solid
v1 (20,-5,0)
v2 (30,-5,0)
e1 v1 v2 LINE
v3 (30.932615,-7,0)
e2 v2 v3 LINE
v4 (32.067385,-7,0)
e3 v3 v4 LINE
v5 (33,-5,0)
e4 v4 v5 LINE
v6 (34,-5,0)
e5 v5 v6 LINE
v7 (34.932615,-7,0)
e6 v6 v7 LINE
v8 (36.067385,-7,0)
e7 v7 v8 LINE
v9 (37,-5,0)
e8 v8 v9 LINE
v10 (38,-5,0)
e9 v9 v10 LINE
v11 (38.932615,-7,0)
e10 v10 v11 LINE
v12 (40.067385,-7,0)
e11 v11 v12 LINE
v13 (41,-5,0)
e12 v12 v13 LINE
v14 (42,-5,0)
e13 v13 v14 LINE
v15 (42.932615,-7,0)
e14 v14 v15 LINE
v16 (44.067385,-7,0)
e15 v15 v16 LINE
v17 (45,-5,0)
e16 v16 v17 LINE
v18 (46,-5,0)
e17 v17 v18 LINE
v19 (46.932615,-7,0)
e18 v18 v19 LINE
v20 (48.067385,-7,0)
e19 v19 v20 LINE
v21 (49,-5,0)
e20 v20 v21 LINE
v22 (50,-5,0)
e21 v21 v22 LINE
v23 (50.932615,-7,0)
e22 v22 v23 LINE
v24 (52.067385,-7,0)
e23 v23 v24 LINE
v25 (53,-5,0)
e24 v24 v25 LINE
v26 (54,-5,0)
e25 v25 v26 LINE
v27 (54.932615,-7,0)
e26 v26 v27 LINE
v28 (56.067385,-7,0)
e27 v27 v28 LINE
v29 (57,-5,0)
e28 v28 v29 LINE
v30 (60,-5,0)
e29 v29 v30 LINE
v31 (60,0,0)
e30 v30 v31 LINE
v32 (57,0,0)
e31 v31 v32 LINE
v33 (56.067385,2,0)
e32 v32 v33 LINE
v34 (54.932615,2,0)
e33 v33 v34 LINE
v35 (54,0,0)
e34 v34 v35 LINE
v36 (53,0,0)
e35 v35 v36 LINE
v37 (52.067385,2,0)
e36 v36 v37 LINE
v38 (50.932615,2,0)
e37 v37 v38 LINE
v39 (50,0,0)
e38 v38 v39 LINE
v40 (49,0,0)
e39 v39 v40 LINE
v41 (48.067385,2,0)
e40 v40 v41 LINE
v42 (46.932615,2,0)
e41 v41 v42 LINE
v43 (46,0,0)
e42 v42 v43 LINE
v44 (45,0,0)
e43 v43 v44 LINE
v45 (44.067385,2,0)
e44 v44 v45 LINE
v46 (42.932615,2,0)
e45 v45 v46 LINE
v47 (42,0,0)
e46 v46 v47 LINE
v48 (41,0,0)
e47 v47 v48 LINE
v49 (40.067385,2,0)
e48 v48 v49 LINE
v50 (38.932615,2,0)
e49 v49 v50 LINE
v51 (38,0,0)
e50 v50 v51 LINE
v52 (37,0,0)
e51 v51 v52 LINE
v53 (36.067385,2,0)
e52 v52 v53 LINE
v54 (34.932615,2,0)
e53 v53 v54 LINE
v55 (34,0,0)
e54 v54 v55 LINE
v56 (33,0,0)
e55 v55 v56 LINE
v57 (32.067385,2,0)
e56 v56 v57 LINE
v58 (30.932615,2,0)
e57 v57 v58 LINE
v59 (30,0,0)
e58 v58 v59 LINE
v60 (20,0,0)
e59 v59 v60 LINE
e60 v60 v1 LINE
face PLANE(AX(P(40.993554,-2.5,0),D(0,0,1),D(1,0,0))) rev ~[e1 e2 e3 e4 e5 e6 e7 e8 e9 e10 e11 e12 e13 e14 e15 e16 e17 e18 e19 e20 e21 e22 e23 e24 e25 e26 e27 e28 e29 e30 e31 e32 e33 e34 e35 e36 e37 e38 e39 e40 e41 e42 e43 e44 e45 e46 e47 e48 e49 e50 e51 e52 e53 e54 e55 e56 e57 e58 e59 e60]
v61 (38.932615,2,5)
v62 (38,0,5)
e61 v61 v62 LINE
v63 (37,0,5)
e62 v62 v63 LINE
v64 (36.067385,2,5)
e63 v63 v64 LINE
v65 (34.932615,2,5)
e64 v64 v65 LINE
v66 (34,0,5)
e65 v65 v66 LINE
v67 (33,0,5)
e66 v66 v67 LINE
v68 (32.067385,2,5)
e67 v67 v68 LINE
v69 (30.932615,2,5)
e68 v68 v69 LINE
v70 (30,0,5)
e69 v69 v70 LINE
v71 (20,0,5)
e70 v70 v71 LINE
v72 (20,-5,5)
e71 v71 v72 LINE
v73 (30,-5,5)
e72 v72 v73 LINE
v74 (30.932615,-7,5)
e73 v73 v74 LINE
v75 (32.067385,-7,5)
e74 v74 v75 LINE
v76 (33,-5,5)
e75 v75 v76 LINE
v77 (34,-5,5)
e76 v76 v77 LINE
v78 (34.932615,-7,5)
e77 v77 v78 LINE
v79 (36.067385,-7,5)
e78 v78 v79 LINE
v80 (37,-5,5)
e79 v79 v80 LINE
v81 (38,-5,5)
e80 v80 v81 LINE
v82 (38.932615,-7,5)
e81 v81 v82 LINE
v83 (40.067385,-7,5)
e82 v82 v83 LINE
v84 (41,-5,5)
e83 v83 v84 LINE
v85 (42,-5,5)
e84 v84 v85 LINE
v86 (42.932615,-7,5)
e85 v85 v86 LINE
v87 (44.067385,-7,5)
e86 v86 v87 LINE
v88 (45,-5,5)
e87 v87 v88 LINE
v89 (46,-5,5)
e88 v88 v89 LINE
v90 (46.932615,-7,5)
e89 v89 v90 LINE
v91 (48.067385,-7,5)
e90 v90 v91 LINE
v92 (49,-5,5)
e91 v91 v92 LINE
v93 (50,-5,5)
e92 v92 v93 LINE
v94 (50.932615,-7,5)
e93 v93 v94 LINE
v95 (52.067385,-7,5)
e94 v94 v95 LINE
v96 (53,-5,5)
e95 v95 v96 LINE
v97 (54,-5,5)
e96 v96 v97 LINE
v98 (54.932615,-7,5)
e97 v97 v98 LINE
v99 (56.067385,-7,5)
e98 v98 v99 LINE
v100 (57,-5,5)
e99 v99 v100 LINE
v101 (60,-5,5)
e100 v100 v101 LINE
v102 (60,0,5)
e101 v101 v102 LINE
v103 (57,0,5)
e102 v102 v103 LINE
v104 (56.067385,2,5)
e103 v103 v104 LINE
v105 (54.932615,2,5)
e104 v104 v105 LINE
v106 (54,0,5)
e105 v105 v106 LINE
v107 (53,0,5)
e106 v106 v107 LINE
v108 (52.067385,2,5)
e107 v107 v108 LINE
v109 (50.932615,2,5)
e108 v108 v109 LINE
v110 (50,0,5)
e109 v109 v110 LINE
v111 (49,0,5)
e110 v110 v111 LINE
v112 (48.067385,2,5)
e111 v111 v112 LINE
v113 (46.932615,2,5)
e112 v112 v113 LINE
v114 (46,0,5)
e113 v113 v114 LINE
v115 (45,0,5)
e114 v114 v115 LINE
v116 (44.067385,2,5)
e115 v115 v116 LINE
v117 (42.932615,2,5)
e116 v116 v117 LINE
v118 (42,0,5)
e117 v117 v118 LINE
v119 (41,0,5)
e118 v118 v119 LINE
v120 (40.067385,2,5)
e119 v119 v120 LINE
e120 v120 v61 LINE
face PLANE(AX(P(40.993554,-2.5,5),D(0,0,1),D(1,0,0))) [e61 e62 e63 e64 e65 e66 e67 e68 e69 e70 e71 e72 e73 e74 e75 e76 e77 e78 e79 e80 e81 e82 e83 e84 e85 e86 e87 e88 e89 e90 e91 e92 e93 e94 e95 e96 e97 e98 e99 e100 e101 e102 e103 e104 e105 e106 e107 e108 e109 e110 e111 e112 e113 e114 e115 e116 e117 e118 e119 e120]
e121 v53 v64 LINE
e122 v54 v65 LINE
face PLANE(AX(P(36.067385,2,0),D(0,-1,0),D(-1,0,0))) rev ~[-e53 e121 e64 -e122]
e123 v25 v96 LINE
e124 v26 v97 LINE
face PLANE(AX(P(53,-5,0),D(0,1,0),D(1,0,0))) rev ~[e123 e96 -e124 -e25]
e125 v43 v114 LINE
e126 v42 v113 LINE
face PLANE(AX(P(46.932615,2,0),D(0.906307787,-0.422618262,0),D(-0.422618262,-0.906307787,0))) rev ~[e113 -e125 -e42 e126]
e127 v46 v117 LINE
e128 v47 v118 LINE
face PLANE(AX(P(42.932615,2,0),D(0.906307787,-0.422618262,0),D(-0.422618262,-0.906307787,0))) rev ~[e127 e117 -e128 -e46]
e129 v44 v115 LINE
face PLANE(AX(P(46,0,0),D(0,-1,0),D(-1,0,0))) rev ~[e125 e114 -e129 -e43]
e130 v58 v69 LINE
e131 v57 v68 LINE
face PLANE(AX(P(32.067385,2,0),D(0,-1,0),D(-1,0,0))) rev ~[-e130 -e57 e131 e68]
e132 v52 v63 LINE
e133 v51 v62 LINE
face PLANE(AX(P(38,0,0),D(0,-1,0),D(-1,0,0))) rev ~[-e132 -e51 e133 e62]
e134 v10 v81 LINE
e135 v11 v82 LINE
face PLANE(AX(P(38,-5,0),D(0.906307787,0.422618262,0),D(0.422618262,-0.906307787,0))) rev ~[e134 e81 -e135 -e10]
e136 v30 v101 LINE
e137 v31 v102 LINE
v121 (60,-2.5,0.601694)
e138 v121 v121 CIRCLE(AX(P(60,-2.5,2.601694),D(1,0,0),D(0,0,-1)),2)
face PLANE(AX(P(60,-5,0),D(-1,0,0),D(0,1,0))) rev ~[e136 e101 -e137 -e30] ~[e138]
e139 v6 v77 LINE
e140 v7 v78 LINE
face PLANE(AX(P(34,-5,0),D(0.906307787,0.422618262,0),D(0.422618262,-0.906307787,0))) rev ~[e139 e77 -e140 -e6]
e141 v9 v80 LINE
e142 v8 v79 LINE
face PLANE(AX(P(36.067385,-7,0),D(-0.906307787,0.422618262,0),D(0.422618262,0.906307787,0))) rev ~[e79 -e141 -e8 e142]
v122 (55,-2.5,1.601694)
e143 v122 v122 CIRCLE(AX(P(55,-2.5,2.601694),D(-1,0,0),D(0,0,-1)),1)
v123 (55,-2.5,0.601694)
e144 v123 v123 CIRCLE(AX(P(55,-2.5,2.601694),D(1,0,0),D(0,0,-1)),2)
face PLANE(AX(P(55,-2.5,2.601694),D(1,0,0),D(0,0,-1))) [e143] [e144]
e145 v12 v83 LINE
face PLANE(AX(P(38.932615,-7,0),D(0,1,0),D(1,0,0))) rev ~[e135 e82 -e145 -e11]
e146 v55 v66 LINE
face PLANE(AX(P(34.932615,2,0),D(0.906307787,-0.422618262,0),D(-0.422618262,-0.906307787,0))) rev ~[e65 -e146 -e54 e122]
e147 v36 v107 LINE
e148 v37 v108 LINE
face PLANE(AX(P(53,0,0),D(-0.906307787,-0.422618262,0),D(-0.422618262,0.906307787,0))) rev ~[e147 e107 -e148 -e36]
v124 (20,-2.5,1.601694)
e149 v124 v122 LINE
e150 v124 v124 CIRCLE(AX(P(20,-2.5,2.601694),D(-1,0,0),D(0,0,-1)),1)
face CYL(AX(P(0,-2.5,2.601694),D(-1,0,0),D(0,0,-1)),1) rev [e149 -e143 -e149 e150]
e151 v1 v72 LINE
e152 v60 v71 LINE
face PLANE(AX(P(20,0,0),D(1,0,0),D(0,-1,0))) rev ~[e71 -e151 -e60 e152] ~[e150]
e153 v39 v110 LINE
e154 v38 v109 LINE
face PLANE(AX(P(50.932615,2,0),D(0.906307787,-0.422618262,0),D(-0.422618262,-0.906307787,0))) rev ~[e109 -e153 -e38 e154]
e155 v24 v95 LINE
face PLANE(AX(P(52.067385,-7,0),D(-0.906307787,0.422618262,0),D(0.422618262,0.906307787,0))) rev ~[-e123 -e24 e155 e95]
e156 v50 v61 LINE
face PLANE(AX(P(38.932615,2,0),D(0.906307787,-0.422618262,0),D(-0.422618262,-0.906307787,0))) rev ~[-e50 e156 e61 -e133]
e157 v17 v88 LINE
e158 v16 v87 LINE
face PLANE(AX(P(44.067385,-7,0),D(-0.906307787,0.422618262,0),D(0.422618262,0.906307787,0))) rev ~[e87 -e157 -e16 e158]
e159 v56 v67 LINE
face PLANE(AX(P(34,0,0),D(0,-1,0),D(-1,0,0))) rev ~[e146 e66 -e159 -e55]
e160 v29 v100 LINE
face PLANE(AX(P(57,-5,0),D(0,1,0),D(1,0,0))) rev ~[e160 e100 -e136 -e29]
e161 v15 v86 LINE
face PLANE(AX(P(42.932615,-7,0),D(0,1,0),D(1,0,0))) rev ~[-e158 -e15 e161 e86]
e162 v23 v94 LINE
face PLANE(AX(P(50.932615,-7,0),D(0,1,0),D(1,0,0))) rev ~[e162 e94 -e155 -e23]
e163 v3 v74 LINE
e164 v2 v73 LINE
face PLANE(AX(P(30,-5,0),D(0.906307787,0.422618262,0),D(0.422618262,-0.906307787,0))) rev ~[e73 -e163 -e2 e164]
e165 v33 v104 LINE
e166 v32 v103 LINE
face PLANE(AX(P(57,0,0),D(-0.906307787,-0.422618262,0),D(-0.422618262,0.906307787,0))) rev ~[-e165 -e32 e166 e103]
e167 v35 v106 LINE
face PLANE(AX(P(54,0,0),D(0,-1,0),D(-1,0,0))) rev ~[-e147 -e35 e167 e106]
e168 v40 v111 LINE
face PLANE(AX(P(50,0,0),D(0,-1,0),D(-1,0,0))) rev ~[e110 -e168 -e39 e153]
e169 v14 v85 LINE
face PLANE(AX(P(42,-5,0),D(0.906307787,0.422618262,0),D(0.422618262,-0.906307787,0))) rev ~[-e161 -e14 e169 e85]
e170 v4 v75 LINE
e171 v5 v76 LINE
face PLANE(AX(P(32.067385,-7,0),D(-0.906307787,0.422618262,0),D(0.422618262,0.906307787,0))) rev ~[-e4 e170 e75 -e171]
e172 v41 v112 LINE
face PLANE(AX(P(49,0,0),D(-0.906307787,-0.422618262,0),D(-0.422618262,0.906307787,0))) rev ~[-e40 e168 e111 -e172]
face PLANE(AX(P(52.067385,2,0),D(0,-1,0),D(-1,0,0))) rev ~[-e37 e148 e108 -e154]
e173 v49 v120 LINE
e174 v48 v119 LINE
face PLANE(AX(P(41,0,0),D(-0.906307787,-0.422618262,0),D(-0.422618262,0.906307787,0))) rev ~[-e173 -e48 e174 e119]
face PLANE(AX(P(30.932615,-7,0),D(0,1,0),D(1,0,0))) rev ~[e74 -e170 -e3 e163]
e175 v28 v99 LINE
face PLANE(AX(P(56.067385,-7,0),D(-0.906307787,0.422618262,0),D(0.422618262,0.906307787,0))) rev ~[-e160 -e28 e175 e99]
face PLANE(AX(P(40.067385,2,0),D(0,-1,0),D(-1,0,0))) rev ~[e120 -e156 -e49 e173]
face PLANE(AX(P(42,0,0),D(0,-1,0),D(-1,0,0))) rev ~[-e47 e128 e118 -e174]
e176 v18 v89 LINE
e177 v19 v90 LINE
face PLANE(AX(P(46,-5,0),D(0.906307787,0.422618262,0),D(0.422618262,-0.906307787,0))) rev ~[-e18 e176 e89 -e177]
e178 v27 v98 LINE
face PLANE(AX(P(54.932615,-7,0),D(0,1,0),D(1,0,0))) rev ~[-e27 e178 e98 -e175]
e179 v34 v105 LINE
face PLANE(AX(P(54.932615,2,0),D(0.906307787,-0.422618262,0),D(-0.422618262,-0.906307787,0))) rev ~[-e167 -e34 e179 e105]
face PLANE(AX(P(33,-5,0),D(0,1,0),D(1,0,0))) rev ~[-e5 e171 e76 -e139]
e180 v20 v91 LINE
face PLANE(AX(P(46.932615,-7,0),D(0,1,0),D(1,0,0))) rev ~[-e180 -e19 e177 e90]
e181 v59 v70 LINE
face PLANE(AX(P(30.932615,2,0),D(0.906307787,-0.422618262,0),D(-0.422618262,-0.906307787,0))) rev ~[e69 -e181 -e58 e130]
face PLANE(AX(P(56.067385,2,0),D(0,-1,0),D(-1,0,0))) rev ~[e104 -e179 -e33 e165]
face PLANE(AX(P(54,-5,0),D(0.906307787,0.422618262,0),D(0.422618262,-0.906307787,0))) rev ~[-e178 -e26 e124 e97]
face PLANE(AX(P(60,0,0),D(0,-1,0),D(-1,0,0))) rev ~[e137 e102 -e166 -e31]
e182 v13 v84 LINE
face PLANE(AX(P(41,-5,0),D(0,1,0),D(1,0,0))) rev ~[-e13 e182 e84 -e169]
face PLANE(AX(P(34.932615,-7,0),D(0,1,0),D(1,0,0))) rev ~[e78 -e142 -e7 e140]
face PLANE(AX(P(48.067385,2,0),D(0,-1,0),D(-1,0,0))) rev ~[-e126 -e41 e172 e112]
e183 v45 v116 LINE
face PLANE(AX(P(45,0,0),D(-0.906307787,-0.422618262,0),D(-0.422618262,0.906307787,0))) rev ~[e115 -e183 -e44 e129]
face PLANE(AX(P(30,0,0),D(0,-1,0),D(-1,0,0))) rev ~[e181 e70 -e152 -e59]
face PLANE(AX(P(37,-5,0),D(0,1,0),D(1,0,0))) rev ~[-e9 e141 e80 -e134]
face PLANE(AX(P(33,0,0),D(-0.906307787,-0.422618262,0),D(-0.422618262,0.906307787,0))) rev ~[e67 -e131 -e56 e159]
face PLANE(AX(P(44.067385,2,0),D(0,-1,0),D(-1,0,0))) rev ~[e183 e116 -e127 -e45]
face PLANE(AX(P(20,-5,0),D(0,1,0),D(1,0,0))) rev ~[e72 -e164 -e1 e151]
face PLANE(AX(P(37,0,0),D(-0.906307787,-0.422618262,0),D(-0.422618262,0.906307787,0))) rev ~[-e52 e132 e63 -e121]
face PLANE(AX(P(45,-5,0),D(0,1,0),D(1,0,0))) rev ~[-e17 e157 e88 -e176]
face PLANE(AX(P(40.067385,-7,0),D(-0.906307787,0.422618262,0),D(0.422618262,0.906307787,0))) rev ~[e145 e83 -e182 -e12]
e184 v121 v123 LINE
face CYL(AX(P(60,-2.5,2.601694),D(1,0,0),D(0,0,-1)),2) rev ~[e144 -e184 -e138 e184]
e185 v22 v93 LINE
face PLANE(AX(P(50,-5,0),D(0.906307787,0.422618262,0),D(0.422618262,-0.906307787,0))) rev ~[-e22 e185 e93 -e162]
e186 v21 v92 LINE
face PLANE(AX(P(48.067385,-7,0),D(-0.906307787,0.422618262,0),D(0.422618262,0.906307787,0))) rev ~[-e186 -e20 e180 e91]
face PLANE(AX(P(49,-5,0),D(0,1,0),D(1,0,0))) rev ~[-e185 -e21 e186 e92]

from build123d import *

# Parameters (mm, degrees)
BOSS_EXTRUDE1_DEPTH = 5
SKETCH3_R           = 2
CUT_EXTRUDE1_DEPTH  = 5
SKETCH4_R           = 1
CUT_EXTRUDE9_DEPTH  = 61


with BuildPart() as part:
    # Sketch1 → Boss-Extrude1 (new body)
    with BuildSketch(Plane.XY):
        Polygon((53, -5), (54, -5), (54.932615316, -7), (56.067384684, -7), (57, -5), (60, -5), (60, 0), (57, 0), (56.067384684, 2), (54.932615316, 2), (54, 0), (53, 0), (52.067384684, 2), (50.932615316, 2), (50, 0), (49, 0), (48.067384684, 2), (46.932615316, 2), (46, 0), (45, 0), (44.067384684, 2), (42.932615316, 2), (42, 0), (41, 0), (40.067384684, 2), (38.932615316, 2), (38, 0), (37, 0), (36.067384684, 2), (34.932615316, 2), (34, 0), (33, 0), (32.067384684, 2), (30.932615316, 2), (30, 0), (20, 0), (20, -5), (30, -5), (30.932615316, -7), (32.067384684, -7), (33, -5), (34, -5), (34.932615316, -7), (36.067384684, -7), (37, -5), (38, -5), (38.932615316, -7), (40.067384684, -7), (41, -5), (42, -5), (42.932615316, -7), (44.067384684, -7), (45, -5), (46, -5), (46.932615316, -7), (48.067384684, -7), (49, -5), (50, -5), (50.932615316, -7), (52.067384684, -7), align=None)
    extrude(amount=BOSS_EXTRUDE1_DEPTH)

    # Sketch3 → Cut-Extrude1 (cut)
    with BuildSketch(Plane(origin=(60, 0, 0), x_dir=(0, 0, -1), z_dir=(1, 0, 0))):
        with Locations((-2.601693616, -2.5)):
            Circle(SKETCH3_R)
    extrude(amount=-CUT_EXTRUDE1_DEPTH, mode=Mode.SUBTRACT)

    # Sketch4 → Cut-Extrude9 (cut, through all)
    with BuildSketch(Plane(origin=(0, 0, 0), x_dir=(0, 0, -1), z_dir=(1, 0, 0))):
        with Locations((-2.601693616, -2.5)):
            Circle(SKETCH4_R)
    extrude(amount=CUT_EXTRUDE9_DEPTH, mode=Mode.SUBTRACT)


solid = part.part
